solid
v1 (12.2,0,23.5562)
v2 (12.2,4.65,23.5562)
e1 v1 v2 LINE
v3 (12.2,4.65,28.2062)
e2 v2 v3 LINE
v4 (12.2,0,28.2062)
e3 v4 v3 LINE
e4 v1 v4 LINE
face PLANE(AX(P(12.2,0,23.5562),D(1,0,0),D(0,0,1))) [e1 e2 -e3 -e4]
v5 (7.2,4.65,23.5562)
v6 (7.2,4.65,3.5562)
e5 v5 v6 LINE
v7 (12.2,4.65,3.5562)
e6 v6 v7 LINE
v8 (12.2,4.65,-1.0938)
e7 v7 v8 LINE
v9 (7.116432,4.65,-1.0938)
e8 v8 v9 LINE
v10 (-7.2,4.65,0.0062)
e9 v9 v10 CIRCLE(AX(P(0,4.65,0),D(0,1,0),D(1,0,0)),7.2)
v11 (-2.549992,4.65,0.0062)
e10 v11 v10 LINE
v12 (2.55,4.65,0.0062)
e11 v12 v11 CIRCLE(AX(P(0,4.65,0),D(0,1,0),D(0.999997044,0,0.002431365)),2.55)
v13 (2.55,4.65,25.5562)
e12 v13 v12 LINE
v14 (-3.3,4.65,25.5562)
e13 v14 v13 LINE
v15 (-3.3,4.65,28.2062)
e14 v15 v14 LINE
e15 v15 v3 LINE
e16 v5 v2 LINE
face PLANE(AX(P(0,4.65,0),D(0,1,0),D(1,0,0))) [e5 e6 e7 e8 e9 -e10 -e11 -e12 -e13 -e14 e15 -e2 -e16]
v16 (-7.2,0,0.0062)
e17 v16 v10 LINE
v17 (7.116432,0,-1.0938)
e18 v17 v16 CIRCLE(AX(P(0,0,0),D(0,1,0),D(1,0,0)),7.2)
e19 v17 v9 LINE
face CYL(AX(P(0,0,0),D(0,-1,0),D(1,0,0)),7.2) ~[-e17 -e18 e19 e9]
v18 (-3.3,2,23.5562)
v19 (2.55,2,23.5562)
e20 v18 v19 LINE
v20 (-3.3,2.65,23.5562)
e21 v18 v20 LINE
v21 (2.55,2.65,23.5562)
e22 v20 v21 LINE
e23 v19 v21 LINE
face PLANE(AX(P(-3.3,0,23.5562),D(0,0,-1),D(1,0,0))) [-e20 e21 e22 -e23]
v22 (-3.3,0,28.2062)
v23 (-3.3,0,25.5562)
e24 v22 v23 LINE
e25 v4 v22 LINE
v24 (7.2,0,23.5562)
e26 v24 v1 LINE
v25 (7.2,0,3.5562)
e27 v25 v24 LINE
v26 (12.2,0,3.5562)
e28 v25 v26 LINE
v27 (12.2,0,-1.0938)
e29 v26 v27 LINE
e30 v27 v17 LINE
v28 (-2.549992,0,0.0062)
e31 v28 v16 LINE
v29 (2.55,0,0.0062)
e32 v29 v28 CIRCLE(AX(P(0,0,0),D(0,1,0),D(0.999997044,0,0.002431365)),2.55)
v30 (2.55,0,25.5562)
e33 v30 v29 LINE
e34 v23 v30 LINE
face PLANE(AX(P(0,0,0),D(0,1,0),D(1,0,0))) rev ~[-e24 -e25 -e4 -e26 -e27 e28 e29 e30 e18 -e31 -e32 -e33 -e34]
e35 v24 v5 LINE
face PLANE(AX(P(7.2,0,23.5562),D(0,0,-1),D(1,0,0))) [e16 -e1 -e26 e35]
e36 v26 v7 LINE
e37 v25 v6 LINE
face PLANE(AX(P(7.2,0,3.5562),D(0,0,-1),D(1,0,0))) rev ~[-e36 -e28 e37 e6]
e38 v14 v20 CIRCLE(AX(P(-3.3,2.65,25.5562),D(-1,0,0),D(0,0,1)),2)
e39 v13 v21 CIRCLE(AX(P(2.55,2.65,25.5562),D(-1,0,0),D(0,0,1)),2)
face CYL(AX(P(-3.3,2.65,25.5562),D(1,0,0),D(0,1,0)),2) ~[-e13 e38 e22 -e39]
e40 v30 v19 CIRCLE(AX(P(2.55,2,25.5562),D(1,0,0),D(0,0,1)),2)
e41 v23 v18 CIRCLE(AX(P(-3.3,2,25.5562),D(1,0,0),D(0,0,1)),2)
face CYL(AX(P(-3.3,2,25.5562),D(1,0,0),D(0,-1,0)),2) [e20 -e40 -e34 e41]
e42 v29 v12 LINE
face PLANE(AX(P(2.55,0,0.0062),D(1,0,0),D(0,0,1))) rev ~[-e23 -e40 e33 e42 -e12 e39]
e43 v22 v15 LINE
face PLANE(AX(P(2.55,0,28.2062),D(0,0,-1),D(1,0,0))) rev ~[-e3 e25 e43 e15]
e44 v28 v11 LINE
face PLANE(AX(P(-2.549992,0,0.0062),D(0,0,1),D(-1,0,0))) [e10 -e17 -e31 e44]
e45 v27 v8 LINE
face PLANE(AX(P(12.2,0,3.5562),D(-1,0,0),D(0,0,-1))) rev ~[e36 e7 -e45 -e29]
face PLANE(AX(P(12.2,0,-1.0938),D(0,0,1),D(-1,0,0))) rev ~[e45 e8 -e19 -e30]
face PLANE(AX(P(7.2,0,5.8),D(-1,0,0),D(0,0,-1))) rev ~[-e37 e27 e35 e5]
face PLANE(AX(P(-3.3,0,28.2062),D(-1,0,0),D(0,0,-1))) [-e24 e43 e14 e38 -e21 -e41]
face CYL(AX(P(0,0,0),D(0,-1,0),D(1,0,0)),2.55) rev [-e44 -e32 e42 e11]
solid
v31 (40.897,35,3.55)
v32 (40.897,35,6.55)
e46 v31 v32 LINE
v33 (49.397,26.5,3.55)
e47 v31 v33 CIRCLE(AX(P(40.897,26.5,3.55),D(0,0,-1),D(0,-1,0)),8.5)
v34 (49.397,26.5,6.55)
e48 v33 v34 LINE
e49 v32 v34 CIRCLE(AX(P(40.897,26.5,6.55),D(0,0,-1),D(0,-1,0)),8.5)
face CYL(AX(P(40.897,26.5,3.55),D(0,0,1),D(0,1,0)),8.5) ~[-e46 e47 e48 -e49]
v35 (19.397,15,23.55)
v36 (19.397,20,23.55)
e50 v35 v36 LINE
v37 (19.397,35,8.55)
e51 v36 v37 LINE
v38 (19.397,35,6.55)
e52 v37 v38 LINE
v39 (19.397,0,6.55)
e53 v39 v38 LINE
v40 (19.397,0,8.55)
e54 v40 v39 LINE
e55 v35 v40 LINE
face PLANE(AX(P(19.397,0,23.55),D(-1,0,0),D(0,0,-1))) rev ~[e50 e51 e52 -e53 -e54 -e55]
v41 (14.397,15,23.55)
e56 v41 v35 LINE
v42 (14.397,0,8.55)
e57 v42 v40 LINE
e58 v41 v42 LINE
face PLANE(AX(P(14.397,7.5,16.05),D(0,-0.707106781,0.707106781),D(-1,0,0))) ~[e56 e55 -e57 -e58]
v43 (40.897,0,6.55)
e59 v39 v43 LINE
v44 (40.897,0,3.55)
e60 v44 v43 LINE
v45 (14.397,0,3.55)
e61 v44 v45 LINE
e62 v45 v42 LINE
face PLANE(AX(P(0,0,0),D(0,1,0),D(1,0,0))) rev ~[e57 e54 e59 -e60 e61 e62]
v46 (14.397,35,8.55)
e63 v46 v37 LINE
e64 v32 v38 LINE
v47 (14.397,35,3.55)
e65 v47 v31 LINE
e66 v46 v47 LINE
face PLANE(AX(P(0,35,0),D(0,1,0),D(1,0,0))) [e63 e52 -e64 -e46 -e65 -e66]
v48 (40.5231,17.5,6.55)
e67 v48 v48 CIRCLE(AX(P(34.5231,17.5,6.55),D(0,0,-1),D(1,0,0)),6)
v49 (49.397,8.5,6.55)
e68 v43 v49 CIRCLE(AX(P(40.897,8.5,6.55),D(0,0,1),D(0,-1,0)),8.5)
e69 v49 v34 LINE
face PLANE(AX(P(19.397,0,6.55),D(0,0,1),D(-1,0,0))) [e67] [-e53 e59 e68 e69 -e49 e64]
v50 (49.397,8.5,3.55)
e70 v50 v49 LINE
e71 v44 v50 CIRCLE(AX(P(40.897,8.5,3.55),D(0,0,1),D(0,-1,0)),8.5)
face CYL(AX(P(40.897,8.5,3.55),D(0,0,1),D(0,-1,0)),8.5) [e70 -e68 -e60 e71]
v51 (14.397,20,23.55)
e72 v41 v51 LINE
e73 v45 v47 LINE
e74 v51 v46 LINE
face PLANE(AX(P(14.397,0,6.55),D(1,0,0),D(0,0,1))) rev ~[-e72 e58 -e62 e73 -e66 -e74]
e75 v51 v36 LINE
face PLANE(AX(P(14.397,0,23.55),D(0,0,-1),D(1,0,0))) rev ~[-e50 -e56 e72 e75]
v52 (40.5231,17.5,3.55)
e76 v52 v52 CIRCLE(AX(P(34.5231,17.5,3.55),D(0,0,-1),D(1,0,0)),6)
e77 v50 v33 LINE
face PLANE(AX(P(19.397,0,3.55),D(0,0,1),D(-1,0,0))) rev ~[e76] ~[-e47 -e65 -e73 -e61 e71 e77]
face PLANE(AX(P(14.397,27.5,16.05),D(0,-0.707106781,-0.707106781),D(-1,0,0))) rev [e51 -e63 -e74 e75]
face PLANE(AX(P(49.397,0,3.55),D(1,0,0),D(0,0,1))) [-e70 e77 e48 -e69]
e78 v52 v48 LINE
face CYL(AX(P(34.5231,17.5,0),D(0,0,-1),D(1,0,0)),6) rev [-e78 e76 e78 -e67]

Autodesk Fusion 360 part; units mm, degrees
sketch "Sketch1" plane through (0, 0, 0) normal (0, 1, 0) x (1, 0, 0)
  circle A0 centre (0, 0) radius 7.2
  circle A1 centre (0, 0) radius 2.55
  line L0 (7.2, -0.0062) -> (2.55, -0.0062)
  line L1 (2.55, -0.0062) -> (2.55, -28.2062)
  line L2 (2.55, -28.2062) -> (7.2, -28.2062)
  line L3 (7.2, -28.2062) -> (7.2, -0.0062)
  line L4 (7.2, -28.2062) -> (-3.3, -28.2062)
  line L5 (-3.3, -28.2062) -> (-3.3, -23.5562)
  line L6 (-3.3, -23.5562) -> (7.2, -23.5562)
  line L7 (7.2, -23.5562) -> (7.2, -28.2062)
  line L8 (2.55, -0.0062) -> (-7.2, -0.0062)
  line L9 (7.2, -5.8) -> (7.2, -1.15)
  line L10 (7.2, -23.5562) -> (12.2, -23.5562)
  line L11 (12.2, -23.5562) -> (12.2, -28.2062)
  line L12 (12.2, -28.2062) -> (7.2, -28.2062)
  line L13 (7.2, -28.2062) -> (7.2, -23.5562)
  line L14 (7, -3.5562) -> (12.2, -3.5562)
  line L15 (12.2, -3.5562) -> (12.2, 1.0938)
  line L16 (12.2, 1.0938) -> (7, 1.0938)
  line L17 (7, 1.0938) -> (7, -3.5562)
  dimension "d1" = 14.4
  dimension "d2" = 5.1
  dimension "d3" = 4.65
  dimension "d4" = 28.2
  dimension "d5" = 10.5
  dimension "d21" = 5
  dimension "d37" = 5.2
  dimension "d38" = 4.65
  dimension "d39" = 20
extrude "Extrude1" add sketch "Sketch1" along normal blind 4.65 contours A0 L0 L16 L17 | A0 L3 L9 L14 L17 | A0 L0 L17 | A0 L3 L9 L14 L15 L16 | A0 L1 L3 L6 L9 L14 L17 | A0 L0 L1 L17 | A0 A1 L0 L8 L16 L17 | L1 L2 L3 L4 L6 L7 L13 | L1 L4 L5 L6 | L3 L7 L10 L11 L12 L13 makes body 1
fillet "Fillet3" radius 2 2 edges at (-0.375, 4.65, 23.5562) (-0.375, 0, 23.5562) on bodies 1
sketch "Sketch2" plane through (0, 0, 0) normal (0, 1, 0) x (1, 0, 0)
  line L0 (14.397, -23.55) -> (19.397, -23.55)
  line L1 (19.397, -23.55) -> (19.397, -3.55)
  line L2 (19.397, -3.55) -> (14.397, -3.55)
  line L3 (14.397, -3.55) -> (14.397, -23.55)
  line L4 (14.397, -3.55) -> (49.397, -3.55)
  line L5 (49.397, -3.55) -> (49.397, -6.55)
  line L6 (49.397, -6.55) -> (14.397, -6.55)
  line L7 (14.397, -6.55) -> (14.397, -3.55)
  dimension "d22" = 5
  dimension "d23" = 20
  dimension "d24" = 35
  dimension "d25" = 3
extrude "Extrude2" add sketch "Sketch2" along normal blind 35 separate body contours L1 L2 L3 L4 L6 L7 | L1 L4 L5 L6 makes body 2
extrude "Extrude3" add sketch "Sketch2" along normal blind 35 contours L0 L1 L3 L6 bodies 2
sketch "Sketch3" plane through (0, 0, 0) normal (0, 0, 1) x (1, 0, 0)
  circle A0 centre (34.5231, 17.5) radius 6
  dimension "d31" = 12
extrude "Extrude4" cut sketch "Sketch3" along normal blind 13 bodies 2
chamfer "Chamfer1" distance 15 angle 45 2 edges at (16.897, 35, 23.55) (16.897, 0, 23.55) on bodies 2
fillet "Fillet5" radius 8.5 2 edges at (49.397, 0, 5.05) (49.397, 35, 5.05) on bodies 2
